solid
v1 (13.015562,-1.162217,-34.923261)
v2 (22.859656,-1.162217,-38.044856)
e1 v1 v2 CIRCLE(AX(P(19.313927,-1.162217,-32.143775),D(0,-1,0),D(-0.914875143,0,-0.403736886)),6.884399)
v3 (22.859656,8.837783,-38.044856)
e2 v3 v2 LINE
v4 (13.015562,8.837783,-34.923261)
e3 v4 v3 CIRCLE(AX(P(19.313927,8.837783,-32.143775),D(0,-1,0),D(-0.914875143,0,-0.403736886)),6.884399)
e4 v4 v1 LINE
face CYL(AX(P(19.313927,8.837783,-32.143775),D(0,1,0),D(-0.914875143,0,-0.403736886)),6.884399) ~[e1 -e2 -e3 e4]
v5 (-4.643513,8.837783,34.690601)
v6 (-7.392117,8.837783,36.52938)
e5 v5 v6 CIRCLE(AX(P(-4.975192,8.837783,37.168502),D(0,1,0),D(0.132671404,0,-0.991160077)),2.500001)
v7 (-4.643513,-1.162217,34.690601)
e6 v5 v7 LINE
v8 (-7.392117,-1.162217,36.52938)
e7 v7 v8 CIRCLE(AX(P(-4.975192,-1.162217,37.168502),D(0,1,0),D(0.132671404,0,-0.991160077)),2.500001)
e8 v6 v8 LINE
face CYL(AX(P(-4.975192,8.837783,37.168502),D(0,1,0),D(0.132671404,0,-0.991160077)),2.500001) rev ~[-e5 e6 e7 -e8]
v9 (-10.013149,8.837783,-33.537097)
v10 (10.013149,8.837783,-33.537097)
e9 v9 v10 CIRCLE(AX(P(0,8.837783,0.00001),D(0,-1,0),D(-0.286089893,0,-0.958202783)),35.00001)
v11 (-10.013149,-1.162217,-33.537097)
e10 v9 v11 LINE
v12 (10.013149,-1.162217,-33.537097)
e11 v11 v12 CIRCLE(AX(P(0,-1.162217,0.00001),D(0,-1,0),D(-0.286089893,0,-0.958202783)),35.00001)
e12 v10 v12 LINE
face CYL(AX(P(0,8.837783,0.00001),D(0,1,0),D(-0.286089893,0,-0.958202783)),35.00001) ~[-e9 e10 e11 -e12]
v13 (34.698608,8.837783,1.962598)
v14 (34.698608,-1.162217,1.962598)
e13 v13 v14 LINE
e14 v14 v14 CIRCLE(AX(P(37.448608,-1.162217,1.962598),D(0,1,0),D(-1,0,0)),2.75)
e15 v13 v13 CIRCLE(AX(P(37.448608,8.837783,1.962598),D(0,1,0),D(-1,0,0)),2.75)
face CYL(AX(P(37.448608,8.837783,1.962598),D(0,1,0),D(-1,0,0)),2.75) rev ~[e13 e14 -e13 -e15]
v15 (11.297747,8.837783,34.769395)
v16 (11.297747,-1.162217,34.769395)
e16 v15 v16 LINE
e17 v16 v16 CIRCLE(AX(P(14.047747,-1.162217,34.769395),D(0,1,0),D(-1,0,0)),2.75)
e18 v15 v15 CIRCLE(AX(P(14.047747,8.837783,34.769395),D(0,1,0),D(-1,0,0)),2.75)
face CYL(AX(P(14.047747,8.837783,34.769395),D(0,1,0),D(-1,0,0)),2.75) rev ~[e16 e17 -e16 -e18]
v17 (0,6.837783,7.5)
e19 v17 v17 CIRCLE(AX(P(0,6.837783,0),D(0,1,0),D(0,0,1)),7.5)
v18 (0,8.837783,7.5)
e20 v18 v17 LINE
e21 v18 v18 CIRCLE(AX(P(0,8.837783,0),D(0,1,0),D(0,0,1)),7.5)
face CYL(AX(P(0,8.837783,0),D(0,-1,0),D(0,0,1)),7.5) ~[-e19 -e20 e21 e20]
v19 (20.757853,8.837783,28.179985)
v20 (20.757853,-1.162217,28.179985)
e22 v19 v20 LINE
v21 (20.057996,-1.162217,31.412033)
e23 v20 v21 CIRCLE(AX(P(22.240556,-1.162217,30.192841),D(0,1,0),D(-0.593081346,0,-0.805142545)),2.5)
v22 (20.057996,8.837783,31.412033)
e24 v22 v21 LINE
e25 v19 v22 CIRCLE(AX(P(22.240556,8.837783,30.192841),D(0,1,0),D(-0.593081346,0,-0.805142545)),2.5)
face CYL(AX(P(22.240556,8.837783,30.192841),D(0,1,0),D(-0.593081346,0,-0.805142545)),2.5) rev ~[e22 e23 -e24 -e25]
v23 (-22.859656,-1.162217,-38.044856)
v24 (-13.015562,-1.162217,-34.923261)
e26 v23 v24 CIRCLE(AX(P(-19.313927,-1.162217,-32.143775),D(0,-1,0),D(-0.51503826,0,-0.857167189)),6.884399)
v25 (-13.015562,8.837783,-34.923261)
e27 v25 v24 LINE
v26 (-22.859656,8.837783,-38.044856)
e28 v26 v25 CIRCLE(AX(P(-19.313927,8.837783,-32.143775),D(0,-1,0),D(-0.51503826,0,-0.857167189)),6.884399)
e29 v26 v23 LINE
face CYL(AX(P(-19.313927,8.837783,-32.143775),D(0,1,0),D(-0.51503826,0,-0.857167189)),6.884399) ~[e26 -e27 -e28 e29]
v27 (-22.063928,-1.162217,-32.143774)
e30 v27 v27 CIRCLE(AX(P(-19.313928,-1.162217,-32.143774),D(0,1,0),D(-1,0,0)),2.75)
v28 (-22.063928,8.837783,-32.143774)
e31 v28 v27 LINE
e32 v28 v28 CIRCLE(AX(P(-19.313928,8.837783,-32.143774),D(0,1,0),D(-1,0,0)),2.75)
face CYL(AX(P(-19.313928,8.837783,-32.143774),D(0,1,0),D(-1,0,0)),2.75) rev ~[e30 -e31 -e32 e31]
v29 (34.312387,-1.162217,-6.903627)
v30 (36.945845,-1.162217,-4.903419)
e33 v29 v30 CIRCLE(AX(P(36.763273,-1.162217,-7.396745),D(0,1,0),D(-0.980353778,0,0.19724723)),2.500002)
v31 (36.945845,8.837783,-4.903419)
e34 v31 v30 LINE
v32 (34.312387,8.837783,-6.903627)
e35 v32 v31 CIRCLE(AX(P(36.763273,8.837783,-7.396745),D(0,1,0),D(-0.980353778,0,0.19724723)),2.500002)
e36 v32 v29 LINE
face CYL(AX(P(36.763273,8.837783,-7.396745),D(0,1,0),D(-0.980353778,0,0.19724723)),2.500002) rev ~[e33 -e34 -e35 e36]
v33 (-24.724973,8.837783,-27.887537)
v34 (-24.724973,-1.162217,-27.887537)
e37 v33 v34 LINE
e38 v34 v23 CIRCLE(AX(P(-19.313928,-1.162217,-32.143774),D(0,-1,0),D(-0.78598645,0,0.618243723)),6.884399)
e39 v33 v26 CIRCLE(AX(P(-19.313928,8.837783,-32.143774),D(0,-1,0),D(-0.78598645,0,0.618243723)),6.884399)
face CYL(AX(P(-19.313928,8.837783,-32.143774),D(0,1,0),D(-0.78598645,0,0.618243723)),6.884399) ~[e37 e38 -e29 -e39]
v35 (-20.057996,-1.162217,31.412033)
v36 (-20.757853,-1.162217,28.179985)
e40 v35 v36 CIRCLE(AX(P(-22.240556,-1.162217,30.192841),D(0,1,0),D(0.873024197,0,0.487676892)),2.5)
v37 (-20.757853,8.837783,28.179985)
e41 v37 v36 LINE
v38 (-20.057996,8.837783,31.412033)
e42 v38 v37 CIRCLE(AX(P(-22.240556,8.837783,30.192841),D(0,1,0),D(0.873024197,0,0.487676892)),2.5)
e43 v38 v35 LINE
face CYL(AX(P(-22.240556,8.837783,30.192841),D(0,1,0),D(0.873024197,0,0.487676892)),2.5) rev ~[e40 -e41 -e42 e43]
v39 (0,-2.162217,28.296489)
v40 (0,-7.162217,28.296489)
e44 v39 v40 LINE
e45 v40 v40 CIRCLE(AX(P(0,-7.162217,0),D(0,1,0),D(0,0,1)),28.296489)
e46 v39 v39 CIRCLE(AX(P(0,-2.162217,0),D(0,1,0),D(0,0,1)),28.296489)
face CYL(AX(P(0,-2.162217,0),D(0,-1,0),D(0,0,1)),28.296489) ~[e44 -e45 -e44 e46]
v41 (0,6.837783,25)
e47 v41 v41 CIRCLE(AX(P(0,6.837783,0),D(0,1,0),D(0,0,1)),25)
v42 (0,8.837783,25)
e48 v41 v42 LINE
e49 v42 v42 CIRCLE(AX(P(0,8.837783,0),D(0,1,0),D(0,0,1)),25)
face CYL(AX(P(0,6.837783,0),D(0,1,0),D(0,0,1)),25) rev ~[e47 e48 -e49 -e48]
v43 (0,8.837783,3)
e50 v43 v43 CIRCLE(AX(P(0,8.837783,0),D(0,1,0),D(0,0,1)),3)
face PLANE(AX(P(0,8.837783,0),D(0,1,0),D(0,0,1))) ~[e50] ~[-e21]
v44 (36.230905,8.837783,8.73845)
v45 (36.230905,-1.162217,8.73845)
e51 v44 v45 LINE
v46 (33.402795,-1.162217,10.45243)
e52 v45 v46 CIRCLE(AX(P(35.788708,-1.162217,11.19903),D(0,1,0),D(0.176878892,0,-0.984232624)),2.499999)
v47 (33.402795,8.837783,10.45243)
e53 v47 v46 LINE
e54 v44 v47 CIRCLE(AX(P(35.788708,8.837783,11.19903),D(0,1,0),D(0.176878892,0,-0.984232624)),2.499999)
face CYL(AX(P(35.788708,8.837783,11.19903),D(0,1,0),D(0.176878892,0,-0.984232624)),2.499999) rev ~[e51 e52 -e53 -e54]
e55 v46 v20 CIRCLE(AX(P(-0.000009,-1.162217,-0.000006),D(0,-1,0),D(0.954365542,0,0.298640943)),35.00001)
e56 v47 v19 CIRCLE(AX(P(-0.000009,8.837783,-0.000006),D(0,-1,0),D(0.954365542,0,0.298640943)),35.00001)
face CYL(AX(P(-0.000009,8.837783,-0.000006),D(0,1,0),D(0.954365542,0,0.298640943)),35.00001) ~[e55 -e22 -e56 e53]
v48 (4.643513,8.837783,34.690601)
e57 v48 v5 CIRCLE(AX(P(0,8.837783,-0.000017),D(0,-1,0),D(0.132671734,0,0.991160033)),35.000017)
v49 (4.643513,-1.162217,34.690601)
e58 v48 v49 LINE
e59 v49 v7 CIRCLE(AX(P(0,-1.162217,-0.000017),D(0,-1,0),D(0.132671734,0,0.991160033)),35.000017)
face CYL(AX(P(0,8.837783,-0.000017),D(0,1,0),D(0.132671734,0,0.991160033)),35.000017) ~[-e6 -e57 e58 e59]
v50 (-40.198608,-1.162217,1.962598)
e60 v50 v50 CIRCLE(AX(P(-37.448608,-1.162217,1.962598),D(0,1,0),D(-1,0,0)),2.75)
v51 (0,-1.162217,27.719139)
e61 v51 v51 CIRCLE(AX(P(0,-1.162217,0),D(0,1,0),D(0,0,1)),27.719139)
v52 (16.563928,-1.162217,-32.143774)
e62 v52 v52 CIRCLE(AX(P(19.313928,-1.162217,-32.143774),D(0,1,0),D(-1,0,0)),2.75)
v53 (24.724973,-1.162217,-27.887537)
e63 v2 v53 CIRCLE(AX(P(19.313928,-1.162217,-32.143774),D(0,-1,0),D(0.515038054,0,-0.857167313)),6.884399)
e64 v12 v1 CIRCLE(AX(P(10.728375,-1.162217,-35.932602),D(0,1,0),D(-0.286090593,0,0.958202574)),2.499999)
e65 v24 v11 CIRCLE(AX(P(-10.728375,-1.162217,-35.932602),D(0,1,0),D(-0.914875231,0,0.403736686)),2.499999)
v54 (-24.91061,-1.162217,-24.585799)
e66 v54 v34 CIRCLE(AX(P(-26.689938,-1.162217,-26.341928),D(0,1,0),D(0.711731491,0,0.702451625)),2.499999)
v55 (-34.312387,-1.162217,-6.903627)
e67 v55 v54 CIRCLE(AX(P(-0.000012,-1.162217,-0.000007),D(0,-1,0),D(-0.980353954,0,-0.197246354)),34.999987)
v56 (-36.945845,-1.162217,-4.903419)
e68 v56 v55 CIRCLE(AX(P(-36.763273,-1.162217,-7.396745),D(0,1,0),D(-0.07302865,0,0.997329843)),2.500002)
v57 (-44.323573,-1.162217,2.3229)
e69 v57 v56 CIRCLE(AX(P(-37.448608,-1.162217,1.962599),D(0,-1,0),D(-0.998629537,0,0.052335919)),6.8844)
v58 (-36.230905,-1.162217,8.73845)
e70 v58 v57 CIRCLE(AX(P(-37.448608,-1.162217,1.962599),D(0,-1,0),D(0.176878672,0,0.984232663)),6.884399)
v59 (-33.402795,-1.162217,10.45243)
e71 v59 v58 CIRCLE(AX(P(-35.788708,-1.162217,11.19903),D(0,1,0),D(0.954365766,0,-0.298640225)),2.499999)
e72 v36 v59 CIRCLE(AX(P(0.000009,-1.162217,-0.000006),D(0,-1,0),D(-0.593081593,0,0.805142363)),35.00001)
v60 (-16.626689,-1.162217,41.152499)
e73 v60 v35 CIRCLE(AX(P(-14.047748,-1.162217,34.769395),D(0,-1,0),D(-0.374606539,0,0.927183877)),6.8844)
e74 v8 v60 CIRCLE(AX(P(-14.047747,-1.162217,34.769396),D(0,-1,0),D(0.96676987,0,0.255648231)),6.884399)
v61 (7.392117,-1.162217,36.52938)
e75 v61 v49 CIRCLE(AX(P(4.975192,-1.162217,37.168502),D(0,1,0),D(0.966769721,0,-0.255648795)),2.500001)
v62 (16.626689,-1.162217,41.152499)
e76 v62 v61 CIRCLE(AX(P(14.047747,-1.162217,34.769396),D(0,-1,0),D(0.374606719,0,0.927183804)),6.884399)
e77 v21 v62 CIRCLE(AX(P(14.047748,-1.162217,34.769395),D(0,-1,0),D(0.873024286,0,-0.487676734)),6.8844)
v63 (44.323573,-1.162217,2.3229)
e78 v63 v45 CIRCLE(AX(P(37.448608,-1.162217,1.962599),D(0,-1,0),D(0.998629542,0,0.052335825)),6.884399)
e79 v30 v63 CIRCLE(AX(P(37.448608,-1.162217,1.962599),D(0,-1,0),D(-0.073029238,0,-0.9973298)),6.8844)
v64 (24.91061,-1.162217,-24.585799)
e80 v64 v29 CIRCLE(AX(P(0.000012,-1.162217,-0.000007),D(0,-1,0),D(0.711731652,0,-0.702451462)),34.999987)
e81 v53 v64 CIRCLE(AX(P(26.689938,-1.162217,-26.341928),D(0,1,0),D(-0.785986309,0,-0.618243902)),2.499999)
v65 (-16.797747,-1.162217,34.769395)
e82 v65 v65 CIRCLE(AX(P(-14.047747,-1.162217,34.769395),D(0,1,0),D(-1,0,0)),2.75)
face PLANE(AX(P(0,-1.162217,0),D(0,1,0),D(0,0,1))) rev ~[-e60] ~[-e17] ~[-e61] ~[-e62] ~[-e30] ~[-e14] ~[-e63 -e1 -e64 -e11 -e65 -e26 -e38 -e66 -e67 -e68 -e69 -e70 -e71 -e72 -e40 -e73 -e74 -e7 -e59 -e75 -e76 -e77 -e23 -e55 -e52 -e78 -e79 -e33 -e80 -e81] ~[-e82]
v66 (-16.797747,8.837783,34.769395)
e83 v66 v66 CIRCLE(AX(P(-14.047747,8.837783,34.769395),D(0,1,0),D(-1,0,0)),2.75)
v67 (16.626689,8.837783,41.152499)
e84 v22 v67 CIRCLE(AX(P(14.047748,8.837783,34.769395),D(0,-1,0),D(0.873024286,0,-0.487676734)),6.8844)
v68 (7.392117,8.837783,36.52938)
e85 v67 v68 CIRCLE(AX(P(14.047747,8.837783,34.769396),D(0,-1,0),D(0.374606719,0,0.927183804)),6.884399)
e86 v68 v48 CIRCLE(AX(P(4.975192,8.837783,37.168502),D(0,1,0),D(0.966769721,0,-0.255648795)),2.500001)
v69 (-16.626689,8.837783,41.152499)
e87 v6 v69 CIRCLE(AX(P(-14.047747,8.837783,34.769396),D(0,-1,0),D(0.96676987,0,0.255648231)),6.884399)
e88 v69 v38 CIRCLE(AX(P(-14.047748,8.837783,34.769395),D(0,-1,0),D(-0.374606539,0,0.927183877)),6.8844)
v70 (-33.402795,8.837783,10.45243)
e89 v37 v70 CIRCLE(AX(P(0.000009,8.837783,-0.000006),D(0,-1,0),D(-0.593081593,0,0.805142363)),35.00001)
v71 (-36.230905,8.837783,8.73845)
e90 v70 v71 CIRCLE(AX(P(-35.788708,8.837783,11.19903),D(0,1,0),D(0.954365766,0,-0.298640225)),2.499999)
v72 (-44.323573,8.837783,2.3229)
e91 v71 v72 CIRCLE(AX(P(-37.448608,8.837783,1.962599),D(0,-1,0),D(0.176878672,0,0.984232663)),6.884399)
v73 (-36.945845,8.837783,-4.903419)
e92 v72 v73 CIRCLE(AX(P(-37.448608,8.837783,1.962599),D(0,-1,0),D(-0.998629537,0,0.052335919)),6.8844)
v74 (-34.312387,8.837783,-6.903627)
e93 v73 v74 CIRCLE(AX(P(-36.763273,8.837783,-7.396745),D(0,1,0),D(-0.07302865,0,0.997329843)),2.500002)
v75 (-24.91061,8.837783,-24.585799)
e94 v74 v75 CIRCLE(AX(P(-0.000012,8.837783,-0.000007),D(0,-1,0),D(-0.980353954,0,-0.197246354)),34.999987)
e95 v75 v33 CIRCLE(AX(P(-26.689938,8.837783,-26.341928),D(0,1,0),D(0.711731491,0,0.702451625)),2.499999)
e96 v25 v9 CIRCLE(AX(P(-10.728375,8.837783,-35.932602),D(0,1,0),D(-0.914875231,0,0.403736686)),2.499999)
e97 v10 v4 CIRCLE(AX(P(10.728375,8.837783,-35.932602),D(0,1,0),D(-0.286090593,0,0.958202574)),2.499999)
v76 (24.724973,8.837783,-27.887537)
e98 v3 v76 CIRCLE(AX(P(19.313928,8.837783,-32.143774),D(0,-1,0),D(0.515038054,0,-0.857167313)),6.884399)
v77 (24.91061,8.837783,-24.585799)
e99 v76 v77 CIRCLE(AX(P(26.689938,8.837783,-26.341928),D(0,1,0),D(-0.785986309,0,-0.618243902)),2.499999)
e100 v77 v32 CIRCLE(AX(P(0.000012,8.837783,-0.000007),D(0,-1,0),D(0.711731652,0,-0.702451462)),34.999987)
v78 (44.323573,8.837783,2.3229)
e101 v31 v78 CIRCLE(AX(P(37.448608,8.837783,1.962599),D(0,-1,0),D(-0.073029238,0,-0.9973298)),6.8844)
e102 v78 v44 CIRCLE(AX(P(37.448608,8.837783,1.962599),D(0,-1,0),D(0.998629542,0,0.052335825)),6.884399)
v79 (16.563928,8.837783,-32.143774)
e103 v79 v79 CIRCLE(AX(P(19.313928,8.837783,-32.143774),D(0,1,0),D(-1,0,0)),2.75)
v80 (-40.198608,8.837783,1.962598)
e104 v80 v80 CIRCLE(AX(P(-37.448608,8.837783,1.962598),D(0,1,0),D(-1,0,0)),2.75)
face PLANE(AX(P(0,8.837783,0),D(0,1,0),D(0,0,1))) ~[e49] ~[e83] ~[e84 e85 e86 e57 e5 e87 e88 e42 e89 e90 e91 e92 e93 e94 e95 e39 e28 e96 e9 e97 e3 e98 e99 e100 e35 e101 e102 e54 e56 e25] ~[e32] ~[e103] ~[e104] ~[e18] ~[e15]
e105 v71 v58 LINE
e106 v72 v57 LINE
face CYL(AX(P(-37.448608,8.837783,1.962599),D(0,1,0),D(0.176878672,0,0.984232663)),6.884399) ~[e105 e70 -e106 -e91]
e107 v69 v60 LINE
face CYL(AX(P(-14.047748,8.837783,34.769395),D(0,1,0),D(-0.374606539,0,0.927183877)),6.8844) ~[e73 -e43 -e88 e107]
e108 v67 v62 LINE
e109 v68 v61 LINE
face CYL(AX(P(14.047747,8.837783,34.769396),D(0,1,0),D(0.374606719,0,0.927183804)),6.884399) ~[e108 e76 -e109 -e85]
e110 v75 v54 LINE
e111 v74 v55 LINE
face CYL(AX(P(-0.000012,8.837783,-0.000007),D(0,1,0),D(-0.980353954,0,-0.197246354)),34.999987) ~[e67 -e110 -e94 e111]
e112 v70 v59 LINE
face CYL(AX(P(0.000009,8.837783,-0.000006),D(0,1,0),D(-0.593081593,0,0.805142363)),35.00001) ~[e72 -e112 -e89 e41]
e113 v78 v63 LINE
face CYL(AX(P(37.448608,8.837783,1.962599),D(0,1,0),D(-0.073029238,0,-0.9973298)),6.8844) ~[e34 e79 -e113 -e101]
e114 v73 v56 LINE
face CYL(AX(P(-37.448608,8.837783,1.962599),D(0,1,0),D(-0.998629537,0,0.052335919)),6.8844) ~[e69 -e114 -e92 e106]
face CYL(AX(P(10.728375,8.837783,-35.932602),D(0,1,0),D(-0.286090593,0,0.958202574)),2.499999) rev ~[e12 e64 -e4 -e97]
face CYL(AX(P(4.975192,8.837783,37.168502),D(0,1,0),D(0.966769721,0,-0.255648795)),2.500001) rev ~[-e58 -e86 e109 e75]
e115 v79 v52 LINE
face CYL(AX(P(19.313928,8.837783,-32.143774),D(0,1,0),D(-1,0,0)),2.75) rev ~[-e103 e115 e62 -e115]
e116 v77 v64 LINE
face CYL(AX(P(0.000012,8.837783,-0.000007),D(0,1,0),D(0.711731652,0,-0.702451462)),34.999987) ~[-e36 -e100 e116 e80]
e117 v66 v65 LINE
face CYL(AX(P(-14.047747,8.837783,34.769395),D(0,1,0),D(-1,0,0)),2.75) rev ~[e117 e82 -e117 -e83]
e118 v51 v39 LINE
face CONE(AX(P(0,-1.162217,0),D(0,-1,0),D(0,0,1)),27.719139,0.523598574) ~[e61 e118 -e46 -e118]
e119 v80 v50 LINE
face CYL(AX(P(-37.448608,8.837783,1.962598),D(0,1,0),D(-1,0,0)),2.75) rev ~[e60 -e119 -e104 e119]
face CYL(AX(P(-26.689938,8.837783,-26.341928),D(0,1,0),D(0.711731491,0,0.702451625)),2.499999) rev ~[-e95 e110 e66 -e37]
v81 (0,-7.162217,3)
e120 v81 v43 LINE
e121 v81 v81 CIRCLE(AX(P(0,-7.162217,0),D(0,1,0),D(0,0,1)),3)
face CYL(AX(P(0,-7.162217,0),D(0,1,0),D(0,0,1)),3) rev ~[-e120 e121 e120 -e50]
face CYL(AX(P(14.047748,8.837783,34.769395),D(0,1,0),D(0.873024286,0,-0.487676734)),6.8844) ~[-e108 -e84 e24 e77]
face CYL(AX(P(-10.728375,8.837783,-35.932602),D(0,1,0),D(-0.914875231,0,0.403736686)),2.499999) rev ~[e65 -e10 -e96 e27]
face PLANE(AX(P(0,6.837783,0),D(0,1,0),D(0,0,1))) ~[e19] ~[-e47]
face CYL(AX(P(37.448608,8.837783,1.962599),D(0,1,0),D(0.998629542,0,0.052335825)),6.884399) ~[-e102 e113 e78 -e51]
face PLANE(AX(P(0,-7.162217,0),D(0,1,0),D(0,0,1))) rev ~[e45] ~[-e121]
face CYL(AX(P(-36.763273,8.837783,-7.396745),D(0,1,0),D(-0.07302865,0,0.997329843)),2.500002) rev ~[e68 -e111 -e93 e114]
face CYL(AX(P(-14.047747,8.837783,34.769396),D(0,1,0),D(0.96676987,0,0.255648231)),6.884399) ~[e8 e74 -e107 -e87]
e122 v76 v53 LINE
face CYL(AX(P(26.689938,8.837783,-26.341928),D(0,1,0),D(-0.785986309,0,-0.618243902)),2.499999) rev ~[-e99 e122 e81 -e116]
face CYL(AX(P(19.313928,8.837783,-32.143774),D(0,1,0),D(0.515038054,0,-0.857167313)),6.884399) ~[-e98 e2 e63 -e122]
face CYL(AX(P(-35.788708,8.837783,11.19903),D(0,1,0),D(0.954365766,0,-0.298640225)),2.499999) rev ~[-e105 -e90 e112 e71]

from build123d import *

# Parameters (mm, degrees)
F2_R     = 2.75
F3_DEPTH = 10


with BuildPart() as f1:
    # F0 (on Right) → F1 (revolve)
    with BuildSketch(Plane.YZ):
        Polygon((-7.162217, 3), (8.837783, 3), (8.837783, 7.5), (6.837783, 7.5), (6.837783, 25), (8.837783, 25), (8.837783, 44.3844), (-1.162217, 44.3844), (-1.162217, 27.719139), (-2.162217, 28.296489), (-7.162217, 28.296489), align=None)
    revolve(axis=Axis((0, 14.665759, 0), (0, 1, 0)))

    # F2 (on face) → F3 (cut, through all)
    with BuildSketch(Plane(origin=(0, 8.837783, 0), x_dir=(-1, 0, 0), z_dir=(0, 1, 0))):
        with BuildLine():
            ThreePointArc((-33.402795, 10.45243), (-28.494043, 20.324603), (-20.757853, 28.179985))
            ThreePointArc((-20.757853, 28.179985), (-19.797183, 29.663761), (-20.057996, 31.412033))
            ThreePointArc((-20.057996, 31.412033), (-20.54103, 37.056805), (-16.626689, 41.152499))
            ThreePointArc((-16.626689, 41.152499), (-36.134029, 25.774152), (-44.323573, 2.3229))
            ThreePointArc((-44.323573, 2.3229), (-41.725403, 7.35741), (-36.230905, 8.73845))
            ThreePointArc((-36.230905, 8.73845), (-34.492969, 9.061028), (-33.402795, 10.45243))
        make_face()
        with BuildLine():
            ThreePointArc((-36.945845, -4.903419), (-42.265885, -2.955613), (-44.323573, 2.3229))
            ThreePointArc((-44.323573, 2.3229), (-39.189099, -20.837214), (-22.859656, -38.044856))
            ThreePointArc((-22.859656, -38.044856), (-26.085097, -33.387249), (-24.724973, -27.887537))
            ThreePointArc((-24.724973, -27.887537), (-24.193881, -26.201589), (-24.91061, -24.585799))
            ThreePointArc((-24.91061, -24.585799), (-30.903166, -16.431505), (-34.312387, -6.903627))
            ThreePointArc((-34.312387, -6.903627), (-35.251149, -5.405894), (-36.945845, -4.903419))
        make_face()
        with BuildLine():
            ThreePointArc((-13.015562, -34.923261), (-17.23298, -38.706138), (-22.859656, -38.044856))
            ThreePointArc((-22.859656, -38.044856), (0, -44.3844), (22.859656, -38.044856))
            ThreePointArc((22.859656, -38.044856), (17.23298, -38.706138), (13.015562, -34.923261))
            ThreePointArc((13.015562, -34.923261), (11.776291, -33.66283), (10.013149, -33.537097))
            ThreePointArc((10.013149, -33.537097), (0, -35), (-10.013149, -33.537097))
            ThreePointArc((-10.013149, -33.537097), (-11.776291, -33.66283), (-13.015562, -34.923261))
        make_face()
        with BuildLine():
            ThreePointArc((44.3844, 0), (44.369191, 1.161848), (44.323573, 2.3229))
            ThreePointArc((44.323573, 2.3229), (42.265885, -2.955613), (36.945845, -4.903419))
            ThreePointArc((36.945845, -4.903419), (35.251149, -5.405894), (34.312387, -6.903627))
            ThreePointArc((34.312387, -6.903627), (30.903166, -16.431505), (24.91061, -24.585799))
            ThreePointArc((24.91061, -24.585799), (24.193881, -26.201589), (24.724973, -27.887537))
            ThreePointArc((24.724973, -27.887537), (26.085097, -33.387249), (22.859656, -38.044856))
            ThreePointArc((22.859656, -38.044856), (38.630215, -21.855924), (44.3844, 0))
        make_face()
        with BuildLine():
            ThreePointArc((44.323573, 2.3229), (36.134029, 25.774152), (16.626689, 41.152499))
            ThreePointArc((16.626689, 41.152499), (20.54103, 37.056805), (20.057996, 31.412033))
            ThreePointArc((20.057996, 31.412033), (19.797183, 29.663761), (20.757853, 28.179985))
            ThreePointArc((20.757853, 28.179985), (28.494043, 20.324603), (33.402795, 10.45243))
            ThreePointArc((33.402795, 10.45243), (34.492969, 9.061028), (36.230905, 8.73845))
            ThreePointArc((36.230905, 8.73845), (41.725403, 7.35741), (44.323573, 2.3229))
        make_face()
        with BuildLine():
            ThreePointArc((16.626689, 41.152499), (0, 44.3844), (-16.626689, 41.152499))
            ThreePointArc((-16.626689, 41.152499), (-10.965839, 40.925433), (-7.392117, 36.52938))
            ThreePointArc((-7.392117, 36.52938), (-6.365278, 35.090603), (-4.643513, 34.690601))
            ThreePointArc((-4.643513, 34.690601), (0, 35), (4.643513, 34.690601))
            ThreePointArc((4.643513, 34.690601), (6.365278, 35.090603), (7.392117, 36.52938))
            ThreePointArc((7.392117, 36.52938), (10.965839, 40.925433), (16.626689, 41.152499))
        make_face()
        with Locations((-14.047747, 34.769395)):
            Circle(F2_R)
        with Locations((14.047747, 34.769395)):
            Circle(F2_R)
        with Locations((37.448608, 1.962598)):
            Circle(F2_R)
        with Locations((19.313928, -32.143774)):
            Circle(F2_R)
        with Locations((-19.313928, -32.143774)):
            Circle(F2_R)
        with Locations((-37.448608, 1.962598)):
            Circle(F2_R)
    extrude(amount=-F3_DEPTH, mode=Mode.SUBTRACT)


solid = f1.part
